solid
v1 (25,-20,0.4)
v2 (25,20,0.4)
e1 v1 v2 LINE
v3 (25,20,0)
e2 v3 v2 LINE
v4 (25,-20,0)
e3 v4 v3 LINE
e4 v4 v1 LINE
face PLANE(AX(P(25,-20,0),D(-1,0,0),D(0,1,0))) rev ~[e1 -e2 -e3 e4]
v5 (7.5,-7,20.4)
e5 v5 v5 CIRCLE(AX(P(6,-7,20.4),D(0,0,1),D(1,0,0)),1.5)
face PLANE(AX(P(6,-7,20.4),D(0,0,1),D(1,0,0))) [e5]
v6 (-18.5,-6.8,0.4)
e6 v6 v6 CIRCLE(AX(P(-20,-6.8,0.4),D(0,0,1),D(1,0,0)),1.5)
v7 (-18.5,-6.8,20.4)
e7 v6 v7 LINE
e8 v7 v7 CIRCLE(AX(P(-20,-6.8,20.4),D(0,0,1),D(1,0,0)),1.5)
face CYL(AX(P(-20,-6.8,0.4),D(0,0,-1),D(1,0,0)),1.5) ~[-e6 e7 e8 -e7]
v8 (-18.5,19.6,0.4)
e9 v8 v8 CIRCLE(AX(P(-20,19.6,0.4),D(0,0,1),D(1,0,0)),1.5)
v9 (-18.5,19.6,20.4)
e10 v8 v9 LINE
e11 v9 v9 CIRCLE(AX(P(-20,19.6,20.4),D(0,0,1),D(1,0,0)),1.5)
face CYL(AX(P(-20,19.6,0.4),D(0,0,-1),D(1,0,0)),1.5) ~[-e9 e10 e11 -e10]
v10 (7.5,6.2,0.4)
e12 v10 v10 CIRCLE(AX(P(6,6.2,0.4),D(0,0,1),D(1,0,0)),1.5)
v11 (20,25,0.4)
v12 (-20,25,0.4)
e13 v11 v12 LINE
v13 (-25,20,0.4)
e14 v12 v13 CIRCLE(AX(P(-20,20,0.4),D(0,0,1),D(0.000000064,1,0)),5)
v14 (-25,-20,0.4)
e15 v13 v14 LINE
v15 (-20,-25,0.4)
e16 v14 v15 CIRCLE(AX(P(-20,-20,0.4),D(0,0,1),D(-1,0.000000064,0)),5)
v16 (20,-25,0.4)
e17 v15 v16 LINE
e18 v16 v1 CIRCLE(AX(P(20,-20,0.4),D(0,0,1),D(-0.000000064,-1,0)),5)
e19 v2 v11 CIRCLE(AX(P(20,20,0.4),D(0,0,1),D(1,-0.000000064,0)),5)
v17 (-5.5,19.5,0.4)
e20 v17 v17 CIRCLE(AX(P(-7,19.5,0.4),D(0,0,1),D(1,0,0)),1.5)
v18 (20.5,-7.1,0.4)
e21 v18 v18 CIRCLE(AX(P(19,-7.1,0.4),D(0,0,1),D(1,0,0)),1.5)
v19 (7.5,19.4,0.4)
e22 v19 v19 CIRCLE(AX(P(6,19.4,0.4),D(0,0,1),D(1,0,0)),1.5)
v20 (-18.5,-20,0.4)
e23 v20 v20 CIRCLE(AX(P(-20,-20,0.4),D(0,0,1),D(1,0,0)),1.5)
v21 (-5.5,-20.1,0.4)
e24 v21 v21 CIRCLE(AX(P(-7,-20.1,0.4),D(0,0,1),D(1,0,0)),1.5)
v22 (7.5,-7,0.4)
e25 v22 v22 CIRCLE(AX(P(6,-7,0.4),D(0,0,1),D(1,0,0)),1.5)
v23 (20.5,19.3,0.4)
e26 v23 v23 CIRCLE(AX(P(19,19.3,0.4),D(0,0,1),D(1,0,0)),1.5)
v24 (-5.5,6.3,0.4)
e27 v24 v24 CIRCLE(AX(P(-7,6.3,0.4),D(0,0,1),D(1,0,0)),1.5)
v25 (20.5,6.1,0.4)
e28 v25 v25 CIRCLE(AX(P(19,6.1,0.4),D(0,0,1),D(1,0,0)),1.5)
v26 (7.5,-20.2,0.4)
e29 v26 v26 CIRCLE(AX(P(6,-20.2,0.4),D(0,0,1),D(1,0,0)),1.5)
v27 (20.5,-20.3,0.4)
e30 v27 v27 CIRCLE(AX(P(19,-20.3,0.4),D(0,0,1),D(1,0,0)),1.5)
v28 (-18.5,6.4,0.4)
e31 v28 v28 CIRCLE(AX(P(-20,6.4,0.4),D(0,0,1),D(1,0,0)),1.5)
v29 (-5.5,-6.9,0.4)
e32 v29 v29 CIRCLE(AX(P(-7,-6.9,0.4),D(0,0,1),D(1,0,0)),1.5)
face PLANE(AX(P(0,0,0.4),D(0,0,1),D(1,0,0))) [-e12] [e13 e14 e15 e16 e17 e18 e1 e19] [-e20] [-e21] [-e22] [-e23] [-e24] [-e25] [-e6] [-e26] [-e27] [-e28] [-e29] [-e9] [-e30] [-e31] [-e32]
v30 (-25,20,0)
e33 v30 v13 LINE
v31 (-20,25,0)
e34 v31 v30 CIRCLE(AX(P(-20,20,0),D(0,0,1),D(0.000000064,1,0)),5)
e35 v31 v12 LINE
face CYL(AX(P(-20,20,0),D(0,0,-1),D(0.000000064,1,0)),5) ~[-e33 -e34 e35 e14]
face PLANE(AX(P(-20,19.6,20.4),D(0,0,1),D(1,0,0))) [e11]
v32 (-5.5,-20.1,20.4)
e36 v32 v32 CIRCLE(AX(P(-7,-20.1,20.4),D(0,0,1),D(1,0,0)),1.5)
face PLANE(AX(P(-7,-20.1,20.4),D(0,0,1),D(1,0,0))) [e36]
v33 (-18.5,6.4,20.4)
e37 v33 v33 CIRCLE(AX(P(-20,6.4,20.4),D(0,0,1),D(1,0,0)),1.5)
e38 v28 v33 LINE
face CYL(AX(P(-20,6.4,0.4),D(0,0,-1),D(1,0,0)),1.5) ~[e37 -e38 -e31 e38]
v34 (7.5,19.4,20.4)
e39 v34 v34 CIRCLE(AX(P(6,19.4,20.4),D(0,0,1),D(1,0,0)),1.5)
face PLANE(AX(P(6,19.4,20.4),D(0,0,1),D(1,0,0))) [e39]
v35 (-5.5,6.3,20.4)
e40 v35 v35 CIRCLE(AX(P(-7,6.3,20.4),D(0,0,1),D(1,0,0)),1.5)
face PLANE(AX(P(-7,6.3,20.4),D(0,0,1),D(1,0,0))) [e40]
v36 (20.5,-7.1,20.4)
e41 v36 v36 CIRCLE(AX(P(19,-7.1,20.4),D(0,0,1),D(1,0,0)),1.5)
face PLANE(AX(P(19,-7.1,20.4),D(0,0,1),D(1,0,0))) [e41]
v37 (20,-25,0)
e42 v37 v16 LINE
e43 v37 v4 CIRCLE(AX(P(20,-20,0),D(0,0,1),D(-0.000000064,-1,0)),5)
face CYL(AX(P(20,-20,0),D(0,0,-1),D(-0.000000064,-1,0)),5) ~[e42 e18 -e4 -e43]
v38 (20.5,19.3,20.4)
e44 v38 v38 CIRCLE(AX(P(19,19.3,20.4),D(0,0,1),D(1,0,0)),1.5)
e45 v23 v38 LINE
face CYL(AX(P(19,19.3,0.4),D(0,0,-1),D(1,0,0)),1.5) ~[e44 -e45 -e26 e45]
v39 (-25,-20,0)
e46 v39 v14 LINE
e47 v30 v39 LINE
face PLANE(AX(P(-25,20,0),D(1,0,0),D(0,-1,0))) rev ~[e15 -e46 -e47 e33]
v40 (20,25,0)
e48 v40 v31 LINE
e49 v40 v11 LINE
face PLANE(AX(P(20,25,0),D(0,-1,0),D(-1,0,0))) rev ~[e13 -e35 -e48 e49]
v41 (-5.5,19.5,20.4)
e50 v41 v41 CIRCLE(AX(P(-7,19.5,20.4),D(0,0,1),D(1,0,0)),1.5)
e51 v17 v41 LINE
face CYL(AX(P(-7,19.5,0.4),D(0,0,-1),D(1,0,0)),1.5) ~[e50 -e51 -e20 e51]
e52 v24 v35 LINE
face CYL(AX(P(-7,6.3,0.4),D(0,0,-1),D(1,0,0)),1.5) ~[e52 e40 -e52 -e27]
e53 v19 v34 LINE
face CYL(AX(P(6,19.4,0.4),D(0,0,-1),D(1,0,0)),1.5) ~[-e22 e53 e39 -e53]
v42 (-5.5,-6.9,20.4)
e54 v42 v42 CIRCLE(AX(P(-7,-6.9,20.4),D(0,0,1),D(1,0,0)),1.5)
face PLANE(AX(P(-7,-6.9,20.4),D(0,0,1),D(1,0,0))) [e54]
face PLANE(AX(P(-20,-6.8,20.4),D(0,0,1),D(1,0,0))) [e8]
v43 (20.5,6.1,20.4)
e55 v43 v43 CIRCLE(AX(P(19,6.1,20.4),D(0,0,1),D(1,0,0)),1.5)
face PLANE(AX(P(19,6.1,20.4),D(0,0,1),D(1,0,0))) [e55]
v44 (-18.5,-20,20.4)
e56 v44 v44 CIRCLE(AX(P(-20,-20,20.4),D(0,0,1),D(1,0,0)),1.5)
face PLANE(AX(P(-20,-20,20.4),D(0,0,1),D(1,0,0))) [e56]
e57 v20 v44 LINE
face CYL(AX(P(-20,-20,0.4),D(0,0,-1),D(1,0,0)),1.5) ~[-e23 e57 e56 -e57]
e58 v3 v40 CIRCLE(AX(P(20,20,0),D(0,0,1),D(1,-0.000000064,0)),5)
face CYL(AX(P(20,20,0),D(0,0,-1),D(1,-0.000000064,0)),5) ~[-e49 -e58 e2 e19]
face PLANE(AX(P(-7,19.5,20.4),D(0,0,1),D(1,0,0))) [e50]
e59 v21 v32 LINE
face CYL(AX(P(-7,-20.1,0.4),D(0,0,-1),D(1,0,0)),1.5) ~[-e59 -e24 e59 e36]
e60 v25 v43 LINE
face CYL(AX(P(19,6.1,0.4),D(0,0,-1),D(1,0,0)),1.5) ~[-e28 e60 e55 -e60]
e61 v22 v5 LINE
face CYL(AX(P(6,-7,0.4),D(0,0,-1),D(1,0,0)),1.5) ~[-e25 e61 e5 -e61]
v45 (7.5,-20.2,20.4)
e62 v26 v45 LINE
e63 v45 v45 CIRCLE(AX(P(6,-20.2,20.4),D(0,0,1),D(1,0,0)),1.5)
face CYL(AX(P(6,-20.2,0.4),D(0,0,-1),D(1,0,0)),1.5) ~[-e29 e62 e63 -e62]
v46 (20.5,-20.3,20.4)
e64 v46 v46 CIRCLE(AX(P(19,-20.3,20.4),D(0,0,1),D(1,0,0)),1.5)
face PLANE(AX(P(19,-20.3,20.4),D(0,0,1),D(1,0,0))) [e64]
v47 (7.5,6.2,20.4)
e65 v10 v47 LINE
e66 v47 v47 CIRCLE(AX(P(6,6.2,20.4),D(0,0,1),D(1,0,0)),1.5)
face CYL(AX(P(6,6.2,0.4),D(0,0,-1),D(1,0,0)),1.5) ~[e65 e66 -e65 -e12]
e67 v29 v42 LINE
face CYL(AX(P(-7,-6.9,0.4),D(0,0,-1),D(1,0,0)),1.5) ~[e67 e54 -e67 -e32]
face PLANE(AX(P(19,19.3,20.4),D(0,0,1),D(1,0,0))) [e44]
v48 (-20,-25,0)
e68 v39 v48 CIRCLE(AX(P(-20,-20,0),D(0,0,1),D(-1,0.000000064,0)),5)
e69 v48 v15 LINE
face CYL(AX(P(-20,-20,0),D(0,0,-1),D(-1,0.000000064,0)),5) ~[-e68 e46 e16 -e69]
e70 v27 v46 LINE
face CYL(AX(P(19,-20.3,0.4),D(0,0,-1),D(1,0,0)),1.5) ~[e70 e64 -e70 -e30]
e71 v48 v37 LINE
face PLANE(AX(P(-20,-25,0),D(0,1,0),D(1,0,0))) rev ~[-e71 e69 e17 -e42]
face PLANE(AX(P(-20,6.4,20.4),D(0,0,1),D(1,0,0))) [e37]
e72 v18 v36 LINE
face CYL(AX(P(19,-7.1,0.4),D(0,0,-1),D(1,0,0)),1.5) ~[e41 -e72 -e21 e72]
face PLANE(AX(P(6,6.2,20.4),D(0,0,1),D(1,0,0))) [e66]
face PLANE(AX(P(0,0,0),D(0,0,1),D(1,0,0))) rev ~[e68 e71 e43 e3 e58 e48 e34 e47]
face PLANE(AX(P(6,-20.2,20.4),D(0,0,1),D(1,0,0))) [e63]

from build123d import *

# Parameters (mm, degrees)
F1_DEPTH = 0.4
F2_R     = 1.5
F3_DEPTH = 20


with BuildPart() as f1:
    # F0 (on Top) → F1 (new body)
    with BuildSketch(Plane.XY):
        with BuildLine():
            ThreePointArc((-25, -20), (-23.535534, -23.535534), (-20, -25))
            Line((-20, -25), (20, -25))
            ThreePointArc((20, -25), (23.535534, -23.535534), (25, -20))
            Line((25, -20), (25, 20))
            ThreePointArc((25, 20), (23.535534, 23.535534), (20, 25))
            Line((20, 25), (-20, 25))
            ThreePointArc((-20, 25), (-23.535534, 23.535534), (-25, 20))
            Line((-25, 20), (-25, -20))
        make_face()
    extrude(amount=F1_DEPTH)

    # F2 (on face) → F3 (join)
    with BuildSketch(Plane.XY.offset(0.4)):
        with Locations((-20, -20)):
            Circle(F2_R)
        with Locations((-20, -6.8)):
            Circle(F2_R)
        with Locations((-20, 6.4)):
            Circle(F2_R)
        with Locations((-20, 19.6)):
            Circle(F2_R)
        with Locations((-7, -20.1)):
            Circle(F2_R)
        with Locations((-7, -6.9)):
            Circle(F2_R)
        with Locations((-7, 6.3)):
            Circle(F2_R)
        with Locations((-7, 19.5)):
            Circle(F2_R)
        with Locations((6, -20.2)):
            Circle(F2_R)
        with Locations((6, -7)):
            Circle(F2_R)
        with Locations((6, 6.2)):
            Circle(F2_R)
        with Locations((6, 19.4)):
            Circle(F2_R)
        with Locations((19, -20.3)):
            Circle(F2_R)
        with Locations((19, -7.1)):
            Circle(F2_R)
        with Locations((19, 6.1)):
            Circle(F2_R)
        with Locations((19, 19.3)):
            Circle(F2_R)
    extrude(amount=F3_DEPTH)


solid = f1.part
